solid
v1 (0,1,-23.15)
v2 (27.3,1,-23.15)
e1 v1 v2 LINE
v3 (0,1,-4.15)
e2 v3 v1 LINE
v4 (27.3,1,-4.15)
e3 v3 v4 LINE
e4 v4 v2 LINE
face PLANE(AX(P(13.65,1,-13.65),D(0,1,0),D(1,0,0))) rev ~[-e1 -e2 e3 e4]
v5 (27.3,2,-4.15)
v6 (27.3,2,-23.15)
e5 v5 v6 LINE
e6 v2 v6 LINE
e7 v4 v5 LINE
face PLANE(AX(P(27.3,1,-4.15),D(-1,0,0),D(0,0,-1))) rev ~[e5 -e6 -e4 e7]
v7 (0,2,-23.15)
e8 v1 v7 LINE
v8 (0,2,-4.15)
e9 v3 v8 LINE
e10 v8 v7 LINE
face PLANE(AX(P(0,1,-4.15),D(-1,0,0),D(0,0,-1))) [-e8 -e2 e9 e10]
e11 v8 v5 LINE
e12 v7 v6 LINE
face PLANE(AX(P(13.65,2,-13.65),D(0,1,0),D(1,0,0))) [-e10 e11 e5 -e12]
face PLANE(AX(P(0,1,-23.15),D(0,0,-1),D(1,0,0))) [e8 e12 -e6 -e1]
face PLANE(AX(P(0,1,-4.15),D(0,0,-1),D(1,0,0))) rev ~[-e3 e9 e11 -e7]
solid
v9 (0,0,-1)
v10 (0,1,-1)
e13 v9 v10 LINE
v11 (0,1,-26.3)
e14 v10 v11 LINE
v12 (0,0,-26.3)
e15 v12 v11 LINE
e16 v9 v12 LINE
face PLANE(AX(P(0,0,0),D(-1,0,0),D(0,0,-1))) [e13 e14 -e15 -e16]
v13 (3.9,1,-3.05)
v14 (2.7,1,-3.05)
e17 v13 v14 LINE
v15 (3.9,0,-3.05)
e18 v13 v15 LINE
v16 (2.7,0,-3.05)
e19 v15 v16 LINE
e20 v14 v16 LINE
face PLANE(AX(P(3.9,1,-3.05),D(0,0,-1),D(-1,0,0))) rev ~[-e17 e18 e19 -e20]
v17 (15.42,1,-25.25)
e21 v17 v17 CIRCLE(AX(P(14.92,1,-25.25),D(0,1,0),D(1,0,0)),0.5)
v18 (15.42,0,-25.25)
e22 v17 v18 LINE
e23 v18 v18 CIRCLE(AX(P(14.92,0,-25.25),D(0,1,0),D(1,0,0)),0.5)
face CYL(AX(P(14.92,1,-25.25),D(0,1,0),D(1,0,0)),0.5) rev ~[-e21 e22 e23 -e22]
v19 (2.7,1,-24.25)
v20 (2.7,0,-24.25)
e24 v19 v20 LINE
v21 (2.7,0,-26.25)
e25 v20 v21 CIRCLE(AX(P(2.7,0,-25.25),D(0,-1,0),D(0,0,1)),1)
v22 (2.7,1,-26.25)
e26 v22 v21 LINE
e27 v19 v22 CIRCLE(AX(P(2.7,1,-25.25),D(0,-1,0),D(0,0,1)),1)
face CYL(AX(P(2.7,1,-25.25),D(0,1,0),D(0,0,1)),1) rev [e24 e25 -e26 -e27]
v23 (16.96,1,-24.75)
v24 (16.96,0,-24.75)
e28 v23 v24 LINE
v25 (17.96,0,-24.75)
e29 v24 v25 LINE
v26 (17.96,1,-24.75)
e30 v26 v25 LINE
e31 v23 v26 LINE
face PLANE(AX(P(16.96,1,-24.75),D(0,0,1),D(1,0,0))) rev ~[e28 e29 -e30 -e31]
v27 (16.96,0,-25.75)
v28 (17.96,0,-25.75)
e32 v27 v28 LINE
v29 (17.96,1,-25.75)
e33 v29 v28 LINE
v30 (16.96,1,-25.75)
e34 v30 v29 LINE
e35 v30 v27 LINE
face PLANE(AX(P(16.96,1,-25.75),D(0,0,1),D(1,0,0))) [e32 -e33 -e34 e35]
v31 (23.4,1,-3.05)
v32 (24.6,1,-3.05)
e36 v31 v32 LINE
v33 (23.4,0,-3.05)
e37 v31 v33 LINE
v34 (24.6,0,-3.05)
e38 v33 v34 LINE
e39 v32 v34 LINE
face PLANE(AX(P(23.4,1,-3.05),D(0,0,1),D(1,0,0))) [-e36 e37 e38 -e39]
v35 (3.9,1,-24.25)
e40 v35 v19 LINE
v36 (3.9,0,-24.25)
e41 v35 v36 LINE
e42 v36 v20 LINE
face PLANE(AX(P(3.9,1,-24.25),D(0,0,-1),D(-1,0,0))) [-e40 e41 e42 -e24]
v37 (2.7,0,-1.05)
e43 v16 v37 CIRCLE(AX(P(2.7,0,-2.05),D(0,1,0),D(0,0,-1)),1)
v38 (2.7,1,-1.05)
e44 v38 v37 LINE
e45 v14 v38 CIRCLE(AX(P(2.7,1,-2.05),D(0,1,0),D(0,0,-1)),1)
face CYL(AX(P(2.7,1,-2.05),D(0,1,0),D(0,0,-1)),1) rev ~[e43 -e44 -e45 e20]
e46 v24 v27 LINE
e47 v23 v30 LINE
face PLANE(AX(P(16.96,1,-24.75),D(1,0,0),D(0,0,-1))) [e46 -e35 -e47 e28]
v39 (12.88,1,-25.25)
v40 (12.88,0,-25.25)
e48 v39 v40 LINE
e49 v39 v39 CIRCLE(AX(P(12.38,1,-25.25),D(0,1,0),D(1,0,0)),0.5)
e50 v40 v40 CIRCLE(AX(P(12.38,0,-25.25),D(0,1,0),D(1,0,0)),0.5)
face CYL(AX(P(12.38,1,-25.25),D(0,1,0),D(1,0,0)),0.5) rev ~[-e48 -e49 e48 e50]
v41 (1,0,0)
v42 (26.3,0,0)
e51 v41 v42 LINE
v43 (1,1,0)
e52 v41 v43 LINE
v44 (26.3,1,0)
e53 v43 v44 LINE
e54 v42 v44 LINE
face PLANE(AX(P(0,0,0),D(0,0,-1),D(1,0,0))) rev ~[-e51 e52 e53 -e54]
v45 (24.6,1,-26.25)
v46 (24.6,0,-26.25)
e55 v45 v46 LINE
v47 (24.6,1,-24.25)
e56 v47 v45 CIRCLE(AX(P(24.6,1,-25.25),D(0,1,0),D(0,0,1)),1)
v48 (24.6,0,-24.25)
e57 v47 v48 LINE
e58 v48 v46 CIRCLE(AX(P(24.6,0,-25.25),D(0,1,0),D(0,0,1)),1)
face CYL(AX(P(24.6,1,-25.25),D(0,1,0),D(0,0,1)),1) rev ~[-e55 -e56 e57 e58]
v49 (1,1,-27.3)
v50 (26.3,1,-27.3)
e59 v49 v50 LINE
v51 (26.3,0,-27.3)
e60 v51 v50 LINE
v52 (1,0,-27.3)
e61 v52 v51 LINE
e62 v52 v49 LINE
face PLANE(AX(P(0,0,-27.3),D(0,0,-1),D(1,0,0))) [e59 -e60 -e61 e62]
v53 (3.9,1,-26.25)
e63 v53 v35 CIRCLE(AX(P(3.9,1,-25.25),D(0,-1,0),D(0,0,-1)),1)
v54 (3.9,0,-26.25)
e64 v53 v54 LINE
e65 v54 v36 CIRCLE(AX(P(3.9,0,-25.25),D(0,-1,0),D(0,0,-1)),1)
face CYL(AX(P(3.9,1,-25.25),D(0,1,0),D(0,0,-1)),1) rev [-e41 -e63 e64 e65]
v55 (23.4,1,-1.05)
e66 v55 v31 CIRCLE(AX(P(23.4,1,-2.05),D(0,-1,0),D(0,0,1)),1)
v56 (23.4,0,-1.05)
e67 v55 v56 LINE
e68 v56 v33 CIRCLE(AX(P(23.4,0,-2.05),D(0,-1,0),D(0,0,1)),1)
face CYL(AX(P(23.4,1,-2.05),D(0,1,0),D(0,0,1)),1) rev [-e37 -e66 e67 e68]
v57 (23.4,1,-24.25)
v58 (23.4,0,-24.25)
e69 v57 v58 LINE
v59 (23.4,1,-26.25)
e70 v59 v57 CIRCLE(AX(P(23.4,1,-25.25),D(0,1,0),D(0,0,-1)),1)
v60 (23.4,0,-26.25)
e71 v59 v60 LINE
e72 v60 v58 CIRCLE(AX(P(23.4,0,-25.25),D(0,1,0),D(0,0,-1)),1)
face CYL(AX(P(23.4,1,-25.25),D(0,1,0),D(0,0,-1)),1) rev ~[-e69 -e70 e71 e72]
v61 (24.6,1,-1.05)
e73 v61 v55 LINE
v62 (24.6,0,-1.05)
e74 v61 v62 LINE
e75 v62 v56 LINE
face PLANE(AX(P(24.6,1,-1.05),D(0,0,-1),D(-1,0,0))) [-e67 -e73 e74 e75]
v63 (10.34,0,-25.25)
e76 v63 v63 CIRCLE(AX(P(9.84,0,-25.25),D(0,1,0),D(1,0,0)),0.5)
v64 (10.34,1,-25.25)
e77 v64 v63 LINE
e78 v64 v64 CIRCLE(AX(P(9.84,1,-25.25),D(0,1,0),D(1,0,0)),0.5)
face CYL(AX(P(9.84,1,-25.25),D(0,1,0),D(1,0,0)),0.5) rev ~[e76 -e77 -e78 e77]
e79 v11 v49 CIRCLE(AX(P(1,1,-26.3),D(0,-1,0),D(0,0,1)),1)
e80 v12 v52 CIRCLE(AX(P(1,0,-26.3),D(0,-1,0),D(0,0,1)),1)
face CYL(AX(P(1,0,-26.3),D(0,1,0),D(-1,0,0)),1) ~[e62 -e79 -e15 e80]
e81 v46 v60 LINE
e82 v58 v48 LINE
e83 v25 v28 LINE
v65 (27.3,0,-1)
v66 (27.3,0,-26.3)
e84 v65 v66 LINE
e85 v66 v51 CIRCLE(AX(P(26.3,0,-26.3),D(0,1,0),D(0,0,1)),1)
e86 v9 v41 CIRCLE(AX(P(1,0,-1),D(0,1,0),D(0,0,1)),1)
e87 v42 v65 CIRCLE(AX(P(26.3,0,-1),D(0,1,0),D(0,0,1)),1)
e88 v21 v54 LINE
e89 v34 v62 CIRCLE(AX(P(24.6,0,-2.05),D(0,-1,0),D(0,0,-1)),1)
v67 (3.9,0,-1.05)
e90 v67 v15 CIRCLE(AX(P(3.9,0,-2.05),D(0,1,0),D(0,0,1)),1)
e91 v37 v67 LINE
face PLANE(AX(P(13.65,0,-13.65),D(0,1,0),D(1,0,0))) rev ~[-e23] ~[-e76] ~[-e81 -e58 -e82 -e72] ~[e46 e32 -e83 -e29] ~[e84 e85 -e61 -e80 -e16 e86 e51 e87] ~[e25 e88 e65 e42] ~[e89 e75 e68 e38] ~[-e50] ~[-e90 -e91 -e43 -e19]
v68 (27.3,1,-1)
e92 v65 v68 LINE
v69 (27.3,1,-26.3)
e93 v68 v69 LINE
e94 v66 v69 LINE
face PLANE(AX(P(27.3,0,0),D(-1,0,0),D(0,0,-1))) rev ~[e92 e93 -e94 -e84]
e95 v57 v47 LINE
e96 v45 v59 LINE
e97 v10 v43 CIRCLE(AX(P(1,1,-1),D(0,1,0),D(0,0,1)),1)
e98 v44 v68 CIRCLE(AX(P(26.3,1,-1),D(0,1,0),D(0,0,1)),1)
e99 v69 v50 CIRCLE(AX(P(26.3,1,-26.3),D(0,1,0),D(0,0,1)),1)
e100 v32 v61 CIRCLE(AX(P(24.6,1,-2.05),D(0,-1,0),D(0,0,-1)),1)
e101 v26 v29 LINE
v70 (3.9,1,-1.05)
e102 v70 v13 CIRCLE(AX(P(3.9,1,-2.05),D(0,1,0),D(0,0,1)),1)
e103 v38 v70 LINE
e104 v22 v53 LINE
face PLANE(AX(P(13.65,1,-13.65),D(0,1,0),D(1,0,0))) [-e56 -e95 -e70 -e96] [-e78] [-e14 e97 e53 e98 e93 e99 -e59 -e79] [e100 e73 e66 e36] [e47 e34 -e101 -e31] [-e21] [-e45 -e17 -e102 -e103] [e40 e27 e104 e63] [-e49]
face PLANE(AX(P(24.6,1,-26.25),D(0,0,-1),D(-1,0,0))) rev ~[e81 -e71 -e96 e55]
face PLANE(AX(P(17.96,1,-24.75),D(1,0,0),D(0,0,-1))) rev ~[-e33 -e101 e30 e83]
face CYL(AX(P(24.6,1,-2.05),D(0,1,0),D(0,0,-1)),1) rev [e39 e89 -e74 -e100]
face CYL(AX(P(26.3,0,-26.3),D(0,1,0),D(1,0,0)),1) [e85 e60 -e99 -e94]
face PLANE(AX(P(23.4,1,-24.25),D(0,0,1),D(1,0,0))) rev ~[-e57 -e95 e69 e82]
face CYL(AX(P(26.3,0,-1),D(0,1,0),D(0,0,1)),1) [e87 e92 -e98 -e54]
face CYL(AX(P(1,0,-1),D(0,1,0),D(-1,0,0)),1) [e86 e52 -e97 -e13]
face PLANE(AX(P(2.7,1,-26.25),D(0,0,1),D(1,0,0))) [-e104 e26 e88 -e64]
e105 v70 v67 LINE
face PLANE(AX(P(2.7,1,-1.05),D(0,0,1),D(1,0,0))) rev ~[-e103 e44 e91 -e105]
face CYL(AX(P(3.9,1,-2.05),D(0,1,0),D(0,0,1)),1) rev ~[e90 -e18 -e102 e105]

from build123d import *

# Parameters (mm, degrees)
SKICA1_W                 = 27.3
SKICA1_H                 = 27.3
P_IDAT_VYSUNUT_M1_DEPTH  = 1
SKICA2_W                 = 27.3
SKICA2_H                 = 19
P_IDAT_VYSUNUT_M2_DEPTH  = 1
ZAOBLIT1_R               = 1
SKICA3_R                 = 0.5
SKICA3_W                 = 1
SKICA3_H                 = 1
ODEBRAT_VYSUNUT_M1_DEPTH = 1


with BuildPart() as part:
    # Skica1 → Přidat vysunutím1 (new body)
    with BuildSketch(Plane(origin=(0, 0, 0), x_dir=(1, 0, 0), z_dir=(0, 1, 0))):
        with Locations((13.65, 13.65)):
            Rectangle(SKICA1_W, SKICA1_H)
    extrude(amount=P_IDAT_VYSUNUT_M1_DEPTH)

    # Zaoblit1
    zaoblit1_edges = [part.edges().sort_by_distance(p)[0] for p in [
        (0, 0.5, -27.3),
        (27.3, 0.5, -27.3),
        (27.3, 0.5, 0),
        (0, 0.5, 0),
    ]]
    fillet(zaoblit1_edges, radius=ZAOBLIT1_R)

    # Skica3 → Odebrat vysunutím1 (cut)
    with BuildSketch(Plane(origin=(0, 1, 0), x_dir=(1, 0, 0), z_dir=(0, 1, 0))):
        with Locations((9.84, 25.25)):
            Circle(SKICA3_R)
        with Locations((12.38, 25.25)):
            Circle(SKICA3_R)
        with Locations((14.92, 25.25)):
            Circle(SKICA3_R)
        with BuildLine():
            Line((2.7, 26.25), (3.9, 26.25))
            ThreePointArc((3.9, 26.25), (4.9, 25.25), (3.9, 24.25))
            Line((3.9, 24.25), (2.7, 24.25))
            ThreePointArc((2.7, 24.25), (1.7, 25.25), (2.7, 26.25))
        make_face()
        with BuildLine():
            Line((24.6, 26.25), (23.4, 26.25))
            ThreePointArc((23.4, 26.25), (22.4, 25.25), (23.4, 24.25))
            Line((23.4, 24.25), (24.6, 24.25))
            ThreePointArc((24.6, 24.25), (25.6, 25.25), (24.6, 26.25))
        make_face()
        with BuildLine():
            Line((2.7, 1.05), (3.9, 1.05))
            ThreePointArc((3.9, 1.05), (4.9, 2.05), (3.9, 3.05))
            Line((3.9, 3.05), (2.7, 3.05))
            ThreePointArc((2.7, 3.05), (1.7, 2.05), (2.7, 1.05))
        make_face()
        with BuildLine():
            Line((24.6, 1.05), (23.4, 1.05))
            ThreePointArc((23.4, 1.05), (22.4, 2.05), (23.4, 3.05))
            Line((23.4, 3.05), (24.6, 3.05))
            ThreePointArc((24.6, 3.05), (25.6, 2.05), (24.6, 1.05))
        make_face()
        with Locations((17.46, 25.25)):
            Rectangle(SKICA3_W, SKICA3_H)
    extrude(amount=-ODEBRAT_VYSUNUT_M1_DEPTH, mode=Mode.SUBTRACT)


with BuildPart() as body_2:
    # Skica2 → Přidat vysunutím2 (new body)
    with BuildSketch(Plane(origin=(0, 1, 0), x_dir=(1, 0, 0), z_dir=(0, 1, 0))):
        with Locations((13.65, 13.65)):
            Rectangle(SKICA2_W, SKICA2_H)
    extrude(amount=P_IDAT_VYSUNUT_M2_DEPTH)


solid = Compound([part.part, body_2.part])
